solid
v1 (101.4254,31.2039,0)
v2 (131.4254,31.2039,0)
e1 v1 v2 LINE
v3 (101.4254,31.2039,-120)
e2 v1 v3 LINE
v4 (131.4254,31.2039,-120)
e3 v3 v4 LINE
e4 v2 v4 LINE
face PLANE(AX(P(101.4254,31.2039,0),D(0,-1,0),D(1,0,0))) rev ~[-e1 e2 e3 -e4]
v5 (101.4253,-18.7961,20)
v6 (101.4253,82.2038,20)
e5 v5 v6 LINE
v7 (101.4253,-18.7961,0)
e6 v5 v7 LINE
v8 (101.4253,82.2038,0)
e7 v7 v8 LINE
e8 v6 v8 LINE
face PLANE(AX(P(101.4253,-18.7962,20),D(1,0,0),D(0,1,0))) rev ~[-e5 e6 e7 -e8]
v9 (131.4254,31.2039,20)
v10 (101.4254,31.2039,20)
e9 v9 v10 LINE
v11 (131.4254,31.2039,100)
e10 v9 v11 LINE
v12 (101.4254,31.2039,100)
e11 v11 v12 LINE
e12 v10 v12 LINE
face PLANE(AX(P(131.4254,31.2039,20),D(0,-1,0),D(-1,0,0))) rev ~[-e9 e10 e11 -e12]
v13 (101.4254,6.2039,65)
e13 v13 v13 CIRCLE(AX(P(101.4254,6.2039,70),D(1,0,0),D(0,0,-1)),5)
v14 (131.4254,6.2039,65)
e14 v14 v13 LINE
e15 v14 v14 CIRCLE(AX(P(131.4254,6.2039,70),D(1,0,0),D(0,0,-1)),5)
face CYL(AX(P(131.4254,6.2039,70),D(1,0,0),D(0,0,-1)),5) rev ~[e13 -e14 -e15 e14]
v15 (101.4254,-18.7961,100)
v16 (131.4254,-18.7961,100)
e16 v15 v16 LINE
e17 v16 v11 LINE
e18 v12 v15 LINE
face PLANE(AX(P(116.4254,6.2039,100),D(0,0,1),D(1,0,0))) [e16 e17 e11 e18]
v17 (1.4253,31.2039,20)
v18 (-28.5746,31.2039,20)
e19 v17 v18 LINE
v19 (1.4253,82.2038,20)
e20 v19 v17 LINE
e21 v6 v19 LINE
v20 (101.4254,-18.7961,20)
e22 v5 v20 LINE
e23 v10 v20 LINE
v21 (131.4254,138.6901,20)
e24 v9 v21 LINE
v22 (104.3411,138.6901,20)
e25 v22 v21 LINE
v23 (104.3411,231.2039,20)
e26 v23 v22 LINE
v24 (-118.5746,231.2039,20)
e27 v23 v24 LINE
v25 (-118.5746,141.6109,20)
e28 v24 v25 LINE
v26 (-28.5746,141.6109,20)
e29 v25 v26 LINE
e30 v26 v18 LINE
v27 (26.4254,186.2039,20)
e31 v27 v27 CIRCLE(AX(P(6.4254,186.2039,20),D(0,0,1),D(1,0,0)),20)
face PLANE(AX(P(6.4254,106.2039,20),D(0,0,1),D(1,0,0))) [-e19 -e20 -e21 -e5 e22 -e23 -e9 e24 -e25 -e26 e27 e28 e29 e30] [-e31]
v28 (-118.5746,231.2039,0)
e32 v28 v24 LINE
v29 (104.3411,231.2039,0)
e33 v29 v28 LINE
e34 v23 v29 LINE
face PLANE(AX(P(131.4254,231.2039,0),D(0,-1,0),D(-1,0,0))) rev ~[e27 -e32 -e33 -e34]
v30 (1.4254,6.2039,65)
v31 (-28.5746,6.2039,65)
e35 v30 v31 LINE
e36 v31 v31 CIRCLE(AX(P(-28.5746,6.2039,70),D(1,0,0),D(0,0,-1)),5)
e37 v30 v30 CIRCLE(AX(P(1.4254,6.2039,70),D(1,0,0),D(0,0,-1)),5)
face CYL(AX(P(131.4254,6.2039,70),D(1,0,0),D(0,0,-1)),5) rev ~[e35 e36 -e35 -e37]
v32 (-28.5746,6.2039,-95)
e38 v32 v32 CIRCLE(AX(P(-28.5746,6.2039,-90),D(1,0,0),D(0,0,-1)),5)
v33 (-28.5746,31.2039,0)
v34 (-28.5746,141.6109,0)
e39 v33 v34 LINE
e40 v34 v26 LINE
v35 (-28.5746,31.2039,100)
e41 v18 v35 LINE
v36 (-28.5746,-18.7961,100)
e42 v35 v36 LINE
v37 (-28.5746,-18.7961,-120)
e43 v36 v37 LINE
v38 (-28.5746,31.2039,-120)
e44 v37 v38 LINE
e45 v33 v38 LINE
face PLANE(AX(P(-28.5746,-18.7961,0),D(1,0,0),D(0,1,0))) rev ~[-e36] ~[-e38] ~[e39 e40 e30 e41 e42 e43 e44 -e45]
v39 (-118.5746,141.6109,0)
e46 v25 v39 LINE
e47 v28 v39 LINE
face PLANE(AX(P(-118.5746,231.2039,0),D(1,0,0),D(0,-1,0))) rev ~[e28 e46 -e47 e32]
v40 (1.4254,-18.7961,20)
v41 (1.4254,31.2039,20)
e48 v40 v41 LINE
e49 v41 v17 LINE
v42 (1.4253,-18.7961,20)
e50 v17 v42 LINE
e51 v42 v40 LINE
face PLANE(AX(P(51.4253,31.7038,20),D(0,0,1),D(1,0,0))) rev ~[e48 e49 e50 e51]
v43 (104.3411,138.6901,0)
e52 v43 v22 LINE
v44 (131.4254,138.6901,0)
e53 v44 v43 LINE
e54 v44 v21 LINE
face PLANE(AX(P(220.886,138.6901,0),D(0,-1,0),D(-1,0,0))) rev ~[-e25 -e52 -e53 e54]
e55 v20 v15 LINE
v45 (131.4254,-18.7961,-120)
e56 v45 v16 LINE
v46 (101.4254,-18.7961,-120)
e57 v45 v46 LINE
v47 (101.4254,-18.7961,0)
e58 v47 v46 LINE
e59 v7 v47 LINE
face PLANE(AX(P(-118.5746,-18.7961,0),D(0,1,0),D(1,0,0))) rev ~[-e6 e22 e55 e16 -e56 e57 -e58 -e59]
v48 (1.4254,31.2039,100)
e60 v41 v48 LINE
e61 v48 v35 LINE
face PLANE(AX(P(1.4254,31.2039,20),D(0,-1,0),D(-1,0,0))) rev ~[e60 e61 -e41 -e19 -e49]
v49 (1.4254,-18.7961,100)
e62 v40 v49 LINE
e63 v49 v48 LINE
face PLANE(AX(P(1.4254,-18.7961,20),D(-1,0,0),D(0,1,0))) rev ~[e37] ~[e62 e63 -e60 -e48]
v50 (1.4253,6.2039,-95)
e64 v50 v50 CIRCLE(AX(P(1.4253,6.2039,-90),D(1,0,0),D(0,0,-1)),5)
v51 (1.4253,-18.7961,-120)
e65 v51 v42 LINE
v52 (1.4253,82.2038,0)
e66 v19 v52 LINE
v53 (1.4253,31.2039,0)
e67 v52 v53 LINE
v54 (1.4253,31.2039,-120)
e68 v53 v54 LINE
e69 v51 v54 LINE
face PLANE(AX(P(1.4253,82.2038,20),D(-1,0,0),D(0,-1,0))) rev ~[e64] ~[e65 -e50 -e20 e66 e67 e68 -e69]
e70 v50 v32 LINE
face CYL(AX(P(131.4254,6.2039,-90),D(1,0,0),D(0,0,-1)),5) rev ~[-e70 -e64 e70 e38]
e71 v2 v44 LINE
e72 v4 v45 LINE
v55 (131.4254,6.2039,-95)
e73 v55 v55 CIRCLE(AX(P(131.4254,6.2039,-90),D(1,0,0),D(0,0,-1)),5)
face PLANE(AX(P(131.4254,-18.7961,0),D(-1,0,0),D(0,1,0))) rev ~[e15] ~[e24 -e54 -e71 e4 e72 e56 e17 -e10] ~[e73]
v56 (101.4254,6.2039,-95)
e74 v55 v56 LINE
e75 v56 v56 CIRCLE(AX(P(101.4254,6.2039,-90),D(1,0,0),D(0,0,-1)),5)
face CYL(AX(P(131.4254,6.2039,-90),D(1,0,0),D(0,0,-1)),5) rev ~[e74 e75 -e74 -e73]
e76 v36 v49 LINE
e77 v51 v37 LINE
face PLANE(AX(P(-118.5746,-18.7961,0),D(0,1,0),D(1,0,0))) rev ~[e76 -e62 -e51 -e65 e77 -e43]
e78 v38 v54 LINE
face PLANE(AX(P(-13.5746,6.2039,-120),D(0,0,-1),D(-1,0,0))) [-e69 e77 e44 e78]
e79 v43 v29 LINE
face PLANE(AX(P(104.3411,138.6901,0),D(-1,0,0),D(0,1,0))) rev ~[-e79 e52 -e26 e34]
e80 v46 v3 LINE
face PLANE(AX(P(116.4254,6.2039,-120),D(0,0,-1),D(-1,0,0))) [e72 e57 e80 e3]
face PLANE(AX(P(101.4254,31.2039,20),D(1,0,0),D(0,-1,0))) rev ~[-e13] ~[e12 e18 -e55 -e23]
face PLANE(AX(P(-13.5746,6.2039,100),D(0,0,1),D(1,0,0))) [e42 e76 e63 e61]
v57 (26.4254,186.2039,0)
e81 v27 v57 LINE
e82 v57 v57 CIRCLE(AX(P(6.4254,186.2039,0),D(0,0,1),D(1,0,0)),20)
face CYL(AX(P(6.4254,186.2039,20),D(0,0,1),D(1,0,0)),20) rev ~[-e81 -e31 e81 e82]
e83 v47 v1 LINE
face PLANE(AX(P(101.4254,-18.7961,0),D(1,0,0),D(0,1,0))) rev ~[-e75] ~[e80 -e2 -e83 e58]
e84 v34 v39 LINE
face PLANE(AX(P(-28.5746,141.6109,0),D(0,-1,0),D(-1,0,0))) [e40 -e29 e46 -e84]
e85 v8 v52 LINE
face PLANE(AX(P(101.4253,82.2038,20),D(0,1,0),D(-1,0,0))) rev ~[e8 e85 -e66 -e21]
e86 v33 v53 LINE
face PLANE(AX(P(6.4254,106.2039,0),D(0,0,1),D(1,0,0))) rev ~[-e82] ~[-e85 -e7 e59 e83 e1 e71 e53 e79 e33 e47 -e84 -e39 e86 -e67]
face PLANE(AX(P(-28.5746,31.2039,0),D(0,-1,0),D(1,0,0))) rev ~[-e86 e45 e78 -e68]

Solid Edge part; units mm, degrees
sketch "Sketch1" plane through (0, 0, 0) normal (0, 0, 1) x (1, 0, 0)
  line L0 (-118.5746, -18.7961) -> (131.4254, -18.7961)
  line L1 (131.4254, -18.7961) -> (131.4254, 231.2039)
  line L2 (131.4254, 231.2039) -> (-118.5746, 231.2039)
  line L3 (-118.5746, 231.2039) -> (-118.5746, -18.7961)
  dimension "D1" = 250
  dimension "D2" = 250
extrude "Protrusion1" add sketch "Sketch1" along normal blind 20
sketch "Sketch2" plane through (-18.5746, 131.2039, 20) normal (0, 0, 1) x (1, 0, 0)
  circle A0 centre (25, 55) radius 20
  dimension "D1" = 45
extrude "Cutout1" cut sketch "Sketch2" against normal through all
sketch "Sketch3" plane through (31.4254, 131.2039, 0) normal (0, 0, -1) x (1, 0, 0)
  line L0 (100, 150) -> (70, 150)
  line L1 (70, 150) -> (70, 100)
  line L2 (70, 100) -> (100, 100)
  line L3 (100, 100) -> (100, 150)
  line L4 (-60, 150) -> (-60, 100)
  line L5 (-60, 100) -> (-30, 100)
  line L6 (-30, 100) -> (-30, 150)
  line L7 (-30, 150) -> (-60, 150)
  dimension "D1" = 50
  dimension "D2" = 50
  dimension "D3" = 30
  dimension "D4" = 100
  dimension "D5" = 30
extrude "ExtrudedProtrusion_2" add sketch "Sketch3" along normal blind 120
sketch "Sketch4" plane through (31.4254, 131.2039, 20) normal (0, 0, 1) x (-1, 0, 0)
  line L0 (30, 100) -> (60, 100)
  line L1 (60, 100) -> (60, 150)
  line L2 (60, 150) -> (30, 150)
  line L3 (30, 150) -> (30, 100)
  line L4 (-100, 150) -> (-100, 100)
  line L5 (-100, 100) -> (-70, 100)
  line L6 (-70, 100) -> (-70, 150)
  line L7 (-70, 150) -> (-100, 150)
  dimension "D1" = 30
  dimension "D2" = 50
  dimension "D3" = 50
  dimension "D4" = 30
  dimension "D5" = 100
  dimension "D6" = 30
extrude "ExtrudedProtrusion_4" add sketch "Sketch4" along normal blind 80
sketch "Sketch5" plane through (131.4254, 86.2039, 10) normal (1, 0, 0) x (0, 0, -1)
  circle A0 centre (100, -80) radius 5
  circle A1 centre (-60, -80) radius 5
  dimension "D1" = 100
  dimension "D2" = 160
extrude "Cutout2" cut sketch "Sketch5" against normal through all
sketch "Sketch6" plane through (31.4253, 131.2038, 20) normal (0, 0, 1) x (-1, 0, 0)
  line L0 (-70, 150) -> (-70, 49)
  line L1 (-70, 49) -> (30, 49)
  line L2 (30, 49) -> (30, 150)
  line L3 (30, 150) -> (-70, 150)
  dimension "D1" = 100
  dimension "D2" = 101
extrude "Cutout3" cut sketch "Sketch6" against normal through all
sketch "Sketch7" plane through (6.4254, 106.2039, 0) normal (0, 0, -1) x (-1, 0, 0)
  line L0 (-97.9157, 32.4862) -> (-97.9157, 129.3887)
  line L1 (-97.9157, 129.3887) -> (-214.4606, 129.3887)
  line L2 (-214.4606, 129.3887) -> (-214.4606, 32.4862)
  line L3 (-214.4606, 32.4862) -> (-97.9157, 32.4862)
  line L4 (35, -125) -> (35, 35.407)
  line L5 (35, 35.407) -> (133.9057, 35.407)
  line L6 (133.9057, 35.407) -> (133.9057, -125)
  line L7 (133.9057, -125) -> (35, -125)
extrude "Cutout4" cut sketch "Sketch7" against normal through all
